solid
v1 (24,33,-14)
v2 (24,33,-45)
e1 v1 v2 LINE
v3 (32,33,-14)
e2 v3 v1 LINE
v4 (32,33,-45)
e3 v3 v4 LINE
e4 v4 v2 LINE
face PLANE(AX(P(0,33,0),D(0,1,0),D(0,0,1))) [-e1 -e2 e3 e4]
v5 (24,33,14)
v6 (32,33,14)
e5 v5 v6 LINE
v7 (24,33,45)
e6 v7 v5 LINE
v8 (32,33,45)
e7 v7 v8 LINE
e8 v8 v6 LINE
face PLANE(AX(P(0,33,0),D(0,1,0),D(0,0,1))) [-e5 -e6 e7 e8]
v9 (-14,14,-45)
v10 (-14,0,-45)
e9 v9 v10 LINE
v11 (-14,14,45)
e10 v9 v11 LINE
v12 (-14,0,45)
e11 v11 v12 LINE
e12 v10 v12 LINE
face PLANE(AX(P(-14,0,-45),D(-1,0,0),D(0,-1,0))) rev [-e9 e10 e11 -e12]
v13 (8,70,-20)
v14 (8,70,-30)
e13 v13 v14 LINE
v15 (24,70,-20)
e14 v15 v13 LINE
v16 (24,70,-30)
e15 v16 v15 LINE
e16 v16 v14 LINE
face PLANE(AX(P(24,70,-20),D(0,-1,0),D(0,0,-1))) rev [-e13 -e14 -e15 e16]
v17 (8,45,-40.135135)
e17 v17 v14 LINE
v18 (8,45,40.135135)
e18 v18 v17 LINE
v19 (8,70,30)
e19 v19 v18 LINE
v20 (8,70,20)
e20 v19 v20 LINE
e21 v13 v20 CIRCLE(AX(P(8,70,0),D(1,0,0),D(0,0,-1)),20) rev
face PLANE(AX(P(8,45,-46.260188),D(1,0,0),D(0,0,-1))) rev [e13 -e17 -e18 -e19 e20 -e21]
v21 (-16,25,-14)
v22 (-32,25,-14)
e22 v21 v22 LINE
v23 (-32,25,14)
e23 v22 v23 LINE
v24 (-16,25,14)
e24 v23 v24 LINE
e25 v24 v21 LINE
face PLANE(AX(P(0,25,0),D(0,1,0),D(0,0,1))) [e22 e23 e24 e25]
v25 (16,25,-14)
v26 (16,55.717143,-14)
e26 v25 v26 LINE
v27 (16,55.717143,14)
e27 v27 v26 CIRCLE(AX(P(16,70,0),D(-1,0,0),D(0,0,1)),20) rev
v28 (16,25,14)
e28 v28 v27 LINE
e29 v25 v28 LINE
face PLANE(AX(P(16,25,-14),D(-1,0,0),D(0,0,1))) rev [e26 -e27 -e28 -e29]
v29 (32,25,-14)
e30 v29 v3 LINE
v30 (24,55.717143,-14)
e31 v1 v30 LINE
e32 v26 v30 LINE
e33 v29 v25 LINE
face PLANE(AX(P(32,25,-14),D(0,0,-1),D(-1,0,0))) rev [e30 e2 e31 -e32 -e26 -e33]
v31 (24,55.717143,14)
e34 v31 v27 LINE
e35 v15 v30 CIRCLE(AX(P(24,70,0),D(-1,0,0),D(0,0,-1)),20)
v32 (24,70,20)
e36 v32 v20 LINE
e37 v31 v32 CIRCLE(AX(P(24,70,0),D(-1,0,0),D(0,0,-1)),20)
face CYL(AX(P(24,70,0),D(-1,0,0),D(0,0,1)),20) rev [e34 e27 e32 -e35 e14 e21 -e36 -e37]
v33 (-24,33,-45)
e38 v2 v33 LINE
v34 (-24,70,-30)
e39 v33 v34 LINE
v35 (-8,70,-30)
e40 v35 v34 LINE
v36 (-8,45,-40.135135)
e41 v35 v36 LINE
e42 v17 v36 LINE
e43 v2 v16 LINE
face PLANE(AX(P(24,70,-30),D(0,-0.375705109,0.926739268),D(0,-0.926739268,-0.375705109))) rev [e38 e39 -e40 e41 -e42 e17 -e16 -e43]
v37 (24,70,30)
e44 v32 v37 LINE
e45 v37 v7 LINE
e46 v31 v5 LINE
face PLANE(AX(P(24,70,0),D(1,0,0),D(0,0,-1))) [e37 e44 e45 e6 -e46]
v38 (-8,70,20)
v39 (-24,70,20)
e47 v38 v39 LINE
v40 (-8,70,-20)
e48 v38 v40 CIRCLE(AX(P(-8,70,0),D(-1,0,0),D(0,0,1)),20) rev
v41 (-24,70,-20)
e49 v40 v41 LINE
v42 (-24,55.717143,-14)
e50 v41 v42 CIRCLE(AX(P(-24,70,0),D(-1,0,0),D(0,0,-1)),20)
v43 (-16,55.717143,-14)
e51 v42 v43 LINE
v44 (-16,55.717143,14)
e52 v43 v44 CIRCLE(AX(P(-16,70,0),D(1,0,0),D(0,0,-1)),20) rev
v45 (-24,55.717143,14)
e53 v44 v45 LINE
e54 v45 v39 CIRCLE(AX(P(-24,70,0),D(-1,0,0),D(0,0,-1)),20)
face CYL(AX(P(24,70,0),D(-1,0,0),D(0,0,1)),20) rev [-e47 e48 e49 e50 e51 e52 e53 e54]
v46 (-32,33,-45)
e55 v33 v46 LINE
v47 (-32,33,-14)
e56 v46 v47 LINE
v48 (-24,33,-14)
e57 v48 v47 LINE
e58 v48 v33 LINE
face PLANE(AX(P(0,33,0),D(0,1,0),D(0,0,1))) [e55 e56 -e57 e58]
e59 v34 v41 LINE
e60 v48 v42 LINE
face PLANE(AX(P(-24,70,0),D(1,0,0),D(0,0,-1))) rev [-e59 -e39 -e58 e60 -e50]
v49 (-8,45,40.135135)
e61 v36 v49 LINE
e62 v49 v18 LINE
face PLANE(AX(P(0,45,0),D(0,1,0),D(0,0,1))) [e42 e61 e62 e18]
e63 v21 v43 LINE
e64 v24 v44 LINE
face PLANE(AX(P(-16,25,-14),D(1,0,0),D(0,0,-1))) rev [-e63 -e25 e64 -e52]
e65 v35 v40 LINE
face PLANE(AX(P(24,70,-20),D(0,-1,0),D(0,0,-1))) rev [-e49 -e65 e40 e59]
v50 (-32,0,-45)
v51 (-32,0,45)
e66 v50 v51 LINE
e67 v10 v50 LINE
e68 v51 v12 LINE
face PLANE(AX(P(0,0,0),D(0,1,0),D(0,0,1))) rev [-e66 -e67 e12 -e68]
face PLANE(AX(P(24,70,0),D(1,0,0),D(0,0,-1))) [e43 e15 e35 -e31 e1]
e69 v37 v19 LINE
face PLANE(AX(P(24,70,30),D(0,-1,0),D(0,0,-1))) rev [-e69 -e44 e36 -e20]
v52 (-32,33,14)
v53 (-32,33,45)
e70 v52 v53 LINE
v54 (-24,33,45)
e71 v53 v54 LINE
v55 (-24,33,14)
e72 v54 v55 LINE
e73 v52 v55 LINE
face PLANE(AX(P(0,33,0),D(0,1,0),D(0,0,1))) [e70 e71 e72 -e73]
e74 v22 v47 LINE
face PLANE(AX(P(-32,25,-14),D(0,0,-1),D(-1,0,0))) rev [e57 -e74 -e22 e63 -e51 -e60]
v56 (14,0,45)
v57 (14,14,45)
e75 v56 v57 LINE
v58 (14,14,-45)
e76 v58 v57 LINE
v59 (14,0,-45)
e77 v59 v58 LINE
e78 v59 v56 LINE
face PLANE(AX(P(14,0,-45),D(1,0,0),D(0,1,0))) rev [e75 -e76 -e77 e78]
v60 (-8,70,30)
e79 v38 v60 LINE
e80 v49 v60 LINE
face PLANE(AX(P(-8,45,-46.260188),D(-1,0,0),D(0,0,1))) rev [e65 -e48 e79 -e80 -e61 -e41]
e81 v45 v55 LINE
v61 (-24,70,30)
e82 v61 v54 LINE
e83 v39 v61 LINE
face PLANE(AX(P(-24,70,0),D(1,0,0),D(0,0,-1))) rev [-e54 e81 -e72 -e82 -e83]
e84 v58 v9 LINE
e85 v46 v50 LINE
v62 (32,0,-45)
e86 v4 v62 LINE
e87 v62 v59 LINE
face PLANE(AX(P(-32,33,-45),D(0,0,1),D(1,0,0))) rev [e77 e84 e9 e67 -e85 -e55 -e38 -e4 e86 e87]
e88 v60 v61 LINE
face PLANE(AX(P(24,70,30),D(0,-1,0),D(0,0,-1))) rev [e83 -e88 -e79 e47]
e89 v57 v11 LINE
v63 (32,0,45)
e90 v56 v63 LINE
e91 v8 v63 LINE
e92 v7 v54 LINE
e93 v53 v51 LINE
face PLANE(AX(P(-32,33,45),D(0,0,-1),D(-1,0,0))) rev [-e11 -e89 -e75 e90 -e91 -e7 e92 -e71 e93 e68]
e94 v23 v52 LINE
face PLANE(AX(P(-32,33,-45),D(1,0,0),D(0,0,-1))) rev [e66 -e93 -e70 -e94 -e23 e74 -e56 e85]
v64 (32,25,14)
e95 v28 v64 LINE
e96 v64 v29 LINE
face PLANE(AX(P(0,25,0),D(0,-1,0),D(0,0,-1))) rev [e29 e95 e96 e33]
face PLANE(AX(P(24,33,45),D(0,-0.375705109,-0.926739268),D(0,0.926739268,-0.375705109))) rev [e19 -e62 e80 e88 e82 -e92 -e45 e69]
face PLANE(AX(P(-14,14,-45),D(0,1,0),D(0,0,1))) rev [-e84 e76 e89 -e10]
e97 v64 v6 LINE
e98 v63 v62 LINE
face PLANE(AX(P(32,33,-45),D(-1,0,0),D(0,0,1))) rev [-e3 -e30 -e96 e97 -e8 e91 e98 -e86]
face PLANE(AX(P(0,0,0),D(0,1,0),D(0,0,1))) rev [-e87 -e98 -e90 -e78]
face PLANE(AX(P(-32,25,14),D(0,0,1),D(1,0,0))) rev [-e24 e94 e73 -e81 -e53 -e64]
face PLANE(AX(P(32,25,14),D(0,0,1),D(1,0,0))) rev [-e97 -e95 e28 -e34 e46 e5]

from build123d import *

# Parameters (mm, degrees)
SKETCH1_W           = 64
SKETCH1_H           = 90
BOSS_EXTRUDE1_DEPTH = 33
BOSS_EXTRUDE2_DEPTH = 24
SKETCH3_W           = 16
SKETCH3_H           = 92.520376572
CUT_EXTRUDE1_DEPTH  = 25
SKETCH6_W           = 16
SKETCH6_H           = 28
CUT_EXTRUDE3_DEPTH  = 45
SKETCH7_W           = 28
SKETCH7_H           = 14
CUT_EXTRUDE4_DEPTH  = 91


with BuildPart() as part:
    # Sketch1 → Boss-Extrude1 (new body)
    with BuildSketch(Plane(origin=(0, 0, 0), x_dir=(1, 0, 0), z_dir=(0, 1, 0))):
        Rectangle(SKETCH1_W, SKETCH1_H)
    extrude(amount=BOSS_EXTRUDE1_DEPTH)

    # Sketch2 → Boss-Extrude2 (add, symmetric)
    with BuildSketch(Plane(origin=(0, 0, 0), x_dir=(0, 0, -1), z_dir=(1, 0, 0))):
        with BuildLine():
            Line((45, 33), (-45, 33))
            Line((-45, 33), (-30, 70))
            Line((-30, 70), (-20, 70))
            ThreePointArc((-20, 70), (0, 50), (20, 70))
            Line((20, 70), (30, 70))
            Line((30, 70), (45, 33))
        make_face()
    extrude(amount=BOSS_EXTRUDE2_DEPTH, both=True)

    # Sketch3 → Cut-Extrude1 (cut)
    with BuildSketch(Plane(origin=(0, 70, 0), x_dir=(1, 0, 0), z_dir=(0, 1, 0))):
        Rectangle(SKETCH3_W, SKETCH3_H)
    extrude(amount=-CUT_EXTRUDE1_DEPTH, mode=Mode.SUBTRACT)

    # Sketch6 → Cut-Extrude3 (cut)
    with BuildSketch(Plane(origin=(0, 70, 0), x_dir=(1, 0, 0), z_dir=(0, 1, 0))):
        with Locations((24, 0)):
            Rectangle(SKETCH6_W, SKETCH6_H)
        with Locations((-24, 0)):
            Rectangle(SKETCH6_W, SKETCH6_H)
    extrude(amount=-CUT_EXTRUDE3_DEPTH, mode=Mode.SUBTRACT)

    # Sketch7 → Cut-Extrude4 (cut, through all)
    with BuildSketch(Plane.XY.offset(45)):
        with Locations((0, 7)):
            Rectangle(SKETCH7_W, SKETCH7_H)
    extrude(amount=-CUT_EXTRUDE4_DEPTH, mode=Mode.SUBTRACT)


solid = part.part
